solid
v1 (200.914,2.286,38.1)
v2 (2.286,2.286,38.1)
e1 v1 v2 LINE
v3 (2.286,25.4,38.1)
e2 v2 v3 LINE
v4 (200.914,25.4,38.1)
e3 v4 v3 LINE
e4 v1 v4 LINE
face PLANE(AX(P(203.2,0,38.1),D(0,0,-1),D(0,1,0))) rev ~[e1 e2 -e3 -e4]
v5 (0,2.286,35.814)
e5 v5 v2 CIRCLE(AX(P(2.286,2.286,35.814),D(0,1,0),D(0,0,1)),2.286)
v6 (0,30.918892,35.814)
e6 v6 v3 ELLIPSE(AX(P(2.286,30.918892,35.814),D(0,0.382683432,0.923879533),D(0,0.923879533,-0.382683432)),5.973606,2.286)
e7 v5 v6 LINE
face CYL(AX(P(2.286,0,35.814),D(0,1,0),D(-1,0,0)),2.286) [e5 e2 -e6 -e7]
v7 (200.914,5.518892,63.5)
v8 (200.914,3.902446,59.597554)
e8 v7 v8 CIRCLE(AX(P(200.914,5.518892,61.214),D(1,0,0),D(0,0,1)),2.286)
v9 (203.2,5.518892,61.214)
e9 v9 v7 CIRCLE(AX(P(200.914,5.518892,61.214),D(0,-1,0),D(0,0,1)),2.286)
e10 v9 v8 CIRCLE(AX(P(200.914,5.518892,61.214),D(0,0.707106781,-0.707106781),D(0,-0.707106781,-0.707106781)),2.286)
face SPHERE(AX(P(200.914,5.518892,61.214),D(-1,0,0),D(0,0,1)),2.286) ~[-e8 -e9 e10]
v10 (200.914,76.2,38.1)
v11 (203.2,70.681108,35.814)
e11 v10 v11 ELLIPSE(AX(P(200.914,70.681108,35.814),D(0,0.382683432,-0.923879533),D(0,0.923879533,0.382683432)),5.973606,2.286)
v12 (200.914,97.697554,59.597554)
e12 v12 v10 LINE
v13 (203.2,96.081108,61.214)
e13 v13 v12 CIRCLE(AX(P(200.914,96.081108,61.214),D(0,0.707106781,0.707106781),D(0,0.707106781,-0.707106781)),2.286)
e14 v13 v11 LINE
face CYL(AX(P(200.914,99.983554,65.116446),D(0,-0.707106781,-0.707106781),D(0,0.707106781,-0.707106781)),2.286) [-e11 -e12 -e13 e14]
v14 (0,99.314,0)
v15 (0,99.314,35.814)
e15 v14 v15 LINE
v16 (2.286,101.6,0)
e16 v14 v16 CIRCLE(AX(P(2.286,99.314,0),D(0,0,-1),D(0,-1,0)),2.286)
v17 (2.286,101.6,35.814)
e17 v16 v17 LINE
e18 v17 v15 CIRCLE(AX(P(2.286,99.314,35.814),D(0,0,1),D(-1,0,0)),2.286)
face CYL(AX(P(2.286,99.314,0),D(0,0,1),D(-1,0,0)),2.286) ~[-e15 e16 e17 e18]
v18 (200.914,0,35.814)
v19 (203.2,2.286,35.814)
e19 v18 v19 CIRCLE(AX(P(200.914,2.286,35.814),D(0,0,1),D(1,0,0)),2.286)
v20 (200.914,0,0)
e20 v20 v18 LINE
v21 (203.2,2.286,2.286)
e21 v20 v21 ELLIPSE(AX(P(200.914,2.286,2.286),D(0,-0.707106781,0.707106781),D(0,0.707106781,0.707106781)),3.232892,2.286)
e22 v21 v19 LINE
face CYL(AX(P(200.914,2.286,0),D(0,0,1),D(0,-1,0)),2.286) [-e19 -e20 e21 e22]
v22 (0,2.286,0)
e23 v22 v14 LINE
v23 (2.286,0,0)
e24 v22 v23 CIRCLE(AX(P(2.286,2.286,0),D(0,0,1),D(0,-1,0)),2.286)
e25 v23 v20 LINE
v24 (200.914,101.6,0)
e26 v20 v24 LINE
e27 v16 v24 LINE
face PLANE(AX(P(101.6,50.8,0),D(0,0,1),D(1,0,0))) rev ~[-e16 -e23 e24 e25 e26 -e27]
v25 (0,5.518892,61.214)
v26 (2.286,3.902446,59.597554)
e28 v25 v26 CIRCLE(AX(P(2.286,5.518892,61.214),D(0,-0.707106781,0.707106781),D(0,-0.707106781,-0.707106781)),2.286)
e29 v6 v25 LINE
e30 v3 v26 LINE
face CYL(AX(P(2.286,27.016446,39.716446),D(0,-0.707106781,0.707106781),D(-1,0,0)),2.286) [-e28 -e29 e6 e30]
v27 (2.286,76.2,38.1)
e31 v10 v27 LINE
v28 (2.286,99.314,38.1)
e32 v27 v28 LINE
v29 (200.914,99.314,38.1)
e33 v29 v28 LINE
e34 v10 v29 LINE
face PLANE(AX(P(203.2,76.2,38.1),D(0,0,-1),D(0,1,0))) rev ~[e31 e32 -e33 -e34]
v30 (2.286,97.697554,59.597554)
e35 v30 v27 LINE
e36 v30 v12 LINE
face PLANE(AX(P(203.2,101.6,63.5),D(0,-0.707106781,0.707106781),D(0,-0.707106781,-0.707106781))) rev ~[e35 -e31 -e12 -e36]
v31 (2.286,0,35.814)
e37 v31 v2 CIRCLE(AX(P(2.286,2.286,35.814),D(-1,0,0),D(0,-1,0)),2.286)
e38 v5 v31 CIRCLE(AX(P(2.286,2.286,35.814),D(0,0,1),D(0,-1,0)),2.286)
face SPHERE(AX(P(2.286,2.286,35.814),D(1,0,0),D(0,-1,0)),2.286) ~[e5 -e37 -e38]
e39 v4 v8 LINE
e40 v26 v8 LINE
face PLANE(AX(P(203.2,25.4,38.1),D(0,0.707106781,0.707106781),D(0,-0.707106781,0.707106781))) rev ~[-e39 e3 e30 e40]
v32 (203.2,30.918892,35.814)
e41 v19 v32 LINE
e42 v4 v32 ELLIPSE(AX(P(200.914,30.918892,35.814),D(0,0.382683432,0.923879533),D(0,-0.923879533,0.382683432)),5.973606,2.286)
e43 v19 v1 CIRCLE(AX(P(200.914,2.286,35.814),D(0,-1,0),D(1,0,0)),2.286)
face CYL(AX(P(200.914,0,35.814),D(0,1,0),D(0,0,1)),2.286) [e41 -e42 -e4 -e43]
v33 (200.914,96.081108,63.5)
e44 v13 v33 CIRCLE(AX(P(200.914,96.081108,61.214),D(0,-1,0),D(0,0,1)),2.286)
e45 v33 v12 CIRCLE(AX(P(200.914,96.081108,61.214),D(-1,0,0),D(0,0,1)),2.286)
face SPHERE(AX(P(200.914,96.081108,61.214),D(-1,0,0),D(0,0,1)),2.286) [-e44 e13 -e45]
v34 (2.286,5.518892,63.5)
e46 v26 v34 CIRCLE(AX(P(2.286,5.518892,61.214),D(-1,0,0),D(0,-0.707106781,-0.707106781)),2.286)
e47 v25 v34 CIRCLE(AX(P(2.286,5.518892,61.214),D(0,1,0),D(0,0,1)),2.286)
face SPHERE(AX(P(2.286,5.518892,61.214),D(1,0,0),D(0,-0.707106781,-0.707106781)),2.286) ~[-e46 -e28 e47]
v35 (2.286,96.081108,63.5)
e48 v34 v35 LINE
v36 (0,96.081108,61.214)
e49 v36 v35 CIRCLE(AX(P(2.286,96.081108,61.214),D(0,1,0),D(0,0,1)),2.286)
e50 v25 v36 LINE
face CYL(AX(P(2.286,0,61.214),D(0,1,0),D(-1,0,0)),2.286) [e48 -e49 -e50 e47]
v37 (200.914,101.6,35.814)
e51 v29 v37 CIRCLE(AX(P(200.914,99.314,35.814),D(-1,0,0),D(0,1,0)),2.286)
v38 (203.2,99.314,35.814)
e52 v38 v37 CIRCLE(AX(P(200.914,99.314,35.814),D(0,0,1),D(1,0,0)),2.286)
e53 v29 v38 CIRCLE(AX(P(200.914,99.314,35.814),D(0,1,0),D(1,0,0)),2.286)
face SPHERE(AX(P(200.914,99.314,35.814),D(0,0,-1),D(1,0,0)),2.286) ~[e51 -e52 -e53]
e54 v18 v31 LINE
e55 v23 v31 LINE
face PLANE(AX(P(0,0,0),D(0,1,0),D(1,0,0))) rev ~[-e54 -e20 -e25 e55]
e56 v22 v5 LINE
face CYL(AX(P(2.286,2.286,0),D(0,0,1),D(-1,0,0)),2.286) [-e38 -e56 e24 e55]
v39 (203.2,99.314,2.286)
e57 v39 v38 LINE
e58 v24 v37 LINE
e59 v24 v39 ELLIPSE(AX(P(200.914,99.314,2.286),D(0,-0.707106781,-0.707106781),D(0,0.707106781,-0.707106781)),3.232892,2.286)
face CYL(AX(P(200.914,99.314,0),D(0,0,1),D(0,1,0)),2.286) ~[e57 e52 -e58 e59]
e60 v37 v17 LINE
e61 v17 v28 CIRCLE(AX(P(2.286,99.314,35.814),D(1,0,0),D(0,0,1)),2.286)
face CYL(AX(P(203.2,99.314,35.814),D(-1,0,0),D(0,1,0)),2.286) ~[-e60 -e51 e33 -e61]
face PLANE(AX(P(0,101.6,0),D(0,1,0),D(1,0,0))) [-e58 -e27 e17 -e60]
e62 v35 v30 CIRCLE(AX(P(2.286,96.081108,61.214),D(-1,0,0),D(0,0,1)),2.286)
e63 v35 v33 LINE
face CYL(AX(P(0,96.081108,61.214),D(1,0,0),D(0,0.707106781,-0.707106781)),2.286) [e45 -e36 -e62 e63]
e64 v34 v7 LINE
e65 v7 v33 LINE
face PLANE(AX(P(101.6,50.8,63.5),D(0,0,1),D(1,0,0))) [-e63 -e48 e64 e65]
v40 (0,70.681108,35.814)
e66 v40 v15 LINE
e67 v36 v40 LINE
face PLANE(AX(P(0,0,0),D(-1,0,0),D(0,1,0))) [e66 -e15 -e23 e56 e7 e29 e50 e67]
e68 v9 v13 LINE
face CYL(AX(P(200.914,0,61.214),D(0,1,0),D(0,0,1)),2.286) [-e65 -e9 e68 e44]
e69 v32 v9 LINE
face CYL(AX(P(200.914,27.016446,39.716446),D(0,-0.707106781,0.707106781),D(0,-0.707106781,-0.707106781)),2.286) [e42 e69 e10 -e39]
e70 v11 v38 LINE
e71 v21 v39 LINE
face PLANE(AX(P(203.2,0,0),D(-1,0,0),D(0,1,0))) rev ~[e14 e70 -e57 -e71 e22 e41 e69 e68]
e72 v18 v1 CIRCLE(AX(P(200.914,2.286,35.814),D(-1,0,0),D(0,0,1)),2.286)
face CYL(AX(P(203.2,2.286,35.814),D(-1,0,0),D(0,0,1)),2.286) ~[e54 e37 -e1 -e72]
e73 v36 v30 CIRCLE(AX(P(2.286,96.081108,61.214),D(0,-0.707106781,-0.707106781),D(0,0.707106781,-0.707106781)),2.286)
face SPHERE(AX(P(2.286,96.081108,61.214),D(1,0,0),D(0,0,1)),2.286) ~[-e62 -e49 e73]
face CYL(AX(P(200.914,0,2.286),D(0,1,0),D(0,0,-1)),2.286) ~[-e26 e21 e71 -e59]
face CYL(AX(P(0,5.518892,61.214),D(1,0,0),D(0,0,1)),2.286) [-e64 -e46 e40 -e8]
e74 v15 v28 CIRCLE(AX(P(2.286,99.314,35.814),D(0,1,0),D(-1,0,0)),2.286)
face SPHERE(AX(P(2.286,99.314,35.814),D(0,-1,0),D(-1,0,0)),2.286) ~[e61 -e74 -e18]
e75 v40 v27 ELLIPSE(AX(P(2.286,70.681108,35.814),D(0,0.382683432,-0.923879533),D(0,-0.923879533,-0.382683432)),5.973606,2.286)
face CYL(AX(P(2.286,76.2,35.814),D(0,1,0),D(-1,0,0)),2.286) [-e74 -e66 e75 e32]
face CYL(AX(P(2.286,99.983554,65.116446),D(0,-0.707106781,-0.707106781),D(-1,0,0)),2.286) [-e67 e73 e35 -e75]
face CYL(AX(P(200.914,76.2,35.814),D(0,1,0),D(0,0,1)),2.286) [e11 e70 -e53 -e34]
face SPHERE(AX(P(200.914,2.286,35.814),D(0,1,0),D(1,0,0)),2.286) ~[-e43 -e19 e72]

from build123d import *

# Parameters (mm, degrees)
F0_W     = 203.2
F0_H     = 101.6
F1_DEPTH = 63.5
F3_DEPTH = 203.2
F4_R     = 2.286


with BuildPart() as f1:
    # F0 (on Top) → F1 (new body)
    with BuildSketch(Plane.XY):
        with Locations((101.6, 50.8)):
            Rectangle(F0_W, F0_H)
    extrude(amount=F1_DEPTH)

    # F2 (on face) → F3 (cut, through all)
    with BuildSketch(Plane.YZ.offset(203.2)):
        Polygon((25.4, 38.1), (0, 63.5), (0, 38.1), align=None)
        Polygon((101.6, 38.1), (101.6, 63.5), (76.2, 38.1), align=None)
    extrude(amount=-F3_DEPTH, mode=Mode.SUBTRACT)

    # F4
    f4_edges = [f1.edges().sort_by_distance(p)[0] for p in [
        (203.2, 50.8, 63.5),
        (203.2, 12.7, 50.8),
        (203.2, 12.7, 38.1),
        (203.2, 0, 19.05),
        (203.2, 50.8, 0),
        (203.2, 101.6, 19.05),
        (203.2, 88.9, 38.1),
        (203.2, 88.9, 50.8),
        (101.6, 0, 38.1),
        (101.6, 0, 63.5),
        (0, 0, 19.05),
        (0, 12.7, 38.1),
        (0, 12.7, 50.8),
        (0, 50.8, 63.5),
        (0, 88.9, 50.8),
        (0, 88.9, 38.1),
        (0, 101.6, 19.05),
        (101.6, 101.6, 38.1),
        (101.6, 101.6, 63.5),
    ]]
    fillet(f4_edges, radius=F4_R)


solid = f1.part
